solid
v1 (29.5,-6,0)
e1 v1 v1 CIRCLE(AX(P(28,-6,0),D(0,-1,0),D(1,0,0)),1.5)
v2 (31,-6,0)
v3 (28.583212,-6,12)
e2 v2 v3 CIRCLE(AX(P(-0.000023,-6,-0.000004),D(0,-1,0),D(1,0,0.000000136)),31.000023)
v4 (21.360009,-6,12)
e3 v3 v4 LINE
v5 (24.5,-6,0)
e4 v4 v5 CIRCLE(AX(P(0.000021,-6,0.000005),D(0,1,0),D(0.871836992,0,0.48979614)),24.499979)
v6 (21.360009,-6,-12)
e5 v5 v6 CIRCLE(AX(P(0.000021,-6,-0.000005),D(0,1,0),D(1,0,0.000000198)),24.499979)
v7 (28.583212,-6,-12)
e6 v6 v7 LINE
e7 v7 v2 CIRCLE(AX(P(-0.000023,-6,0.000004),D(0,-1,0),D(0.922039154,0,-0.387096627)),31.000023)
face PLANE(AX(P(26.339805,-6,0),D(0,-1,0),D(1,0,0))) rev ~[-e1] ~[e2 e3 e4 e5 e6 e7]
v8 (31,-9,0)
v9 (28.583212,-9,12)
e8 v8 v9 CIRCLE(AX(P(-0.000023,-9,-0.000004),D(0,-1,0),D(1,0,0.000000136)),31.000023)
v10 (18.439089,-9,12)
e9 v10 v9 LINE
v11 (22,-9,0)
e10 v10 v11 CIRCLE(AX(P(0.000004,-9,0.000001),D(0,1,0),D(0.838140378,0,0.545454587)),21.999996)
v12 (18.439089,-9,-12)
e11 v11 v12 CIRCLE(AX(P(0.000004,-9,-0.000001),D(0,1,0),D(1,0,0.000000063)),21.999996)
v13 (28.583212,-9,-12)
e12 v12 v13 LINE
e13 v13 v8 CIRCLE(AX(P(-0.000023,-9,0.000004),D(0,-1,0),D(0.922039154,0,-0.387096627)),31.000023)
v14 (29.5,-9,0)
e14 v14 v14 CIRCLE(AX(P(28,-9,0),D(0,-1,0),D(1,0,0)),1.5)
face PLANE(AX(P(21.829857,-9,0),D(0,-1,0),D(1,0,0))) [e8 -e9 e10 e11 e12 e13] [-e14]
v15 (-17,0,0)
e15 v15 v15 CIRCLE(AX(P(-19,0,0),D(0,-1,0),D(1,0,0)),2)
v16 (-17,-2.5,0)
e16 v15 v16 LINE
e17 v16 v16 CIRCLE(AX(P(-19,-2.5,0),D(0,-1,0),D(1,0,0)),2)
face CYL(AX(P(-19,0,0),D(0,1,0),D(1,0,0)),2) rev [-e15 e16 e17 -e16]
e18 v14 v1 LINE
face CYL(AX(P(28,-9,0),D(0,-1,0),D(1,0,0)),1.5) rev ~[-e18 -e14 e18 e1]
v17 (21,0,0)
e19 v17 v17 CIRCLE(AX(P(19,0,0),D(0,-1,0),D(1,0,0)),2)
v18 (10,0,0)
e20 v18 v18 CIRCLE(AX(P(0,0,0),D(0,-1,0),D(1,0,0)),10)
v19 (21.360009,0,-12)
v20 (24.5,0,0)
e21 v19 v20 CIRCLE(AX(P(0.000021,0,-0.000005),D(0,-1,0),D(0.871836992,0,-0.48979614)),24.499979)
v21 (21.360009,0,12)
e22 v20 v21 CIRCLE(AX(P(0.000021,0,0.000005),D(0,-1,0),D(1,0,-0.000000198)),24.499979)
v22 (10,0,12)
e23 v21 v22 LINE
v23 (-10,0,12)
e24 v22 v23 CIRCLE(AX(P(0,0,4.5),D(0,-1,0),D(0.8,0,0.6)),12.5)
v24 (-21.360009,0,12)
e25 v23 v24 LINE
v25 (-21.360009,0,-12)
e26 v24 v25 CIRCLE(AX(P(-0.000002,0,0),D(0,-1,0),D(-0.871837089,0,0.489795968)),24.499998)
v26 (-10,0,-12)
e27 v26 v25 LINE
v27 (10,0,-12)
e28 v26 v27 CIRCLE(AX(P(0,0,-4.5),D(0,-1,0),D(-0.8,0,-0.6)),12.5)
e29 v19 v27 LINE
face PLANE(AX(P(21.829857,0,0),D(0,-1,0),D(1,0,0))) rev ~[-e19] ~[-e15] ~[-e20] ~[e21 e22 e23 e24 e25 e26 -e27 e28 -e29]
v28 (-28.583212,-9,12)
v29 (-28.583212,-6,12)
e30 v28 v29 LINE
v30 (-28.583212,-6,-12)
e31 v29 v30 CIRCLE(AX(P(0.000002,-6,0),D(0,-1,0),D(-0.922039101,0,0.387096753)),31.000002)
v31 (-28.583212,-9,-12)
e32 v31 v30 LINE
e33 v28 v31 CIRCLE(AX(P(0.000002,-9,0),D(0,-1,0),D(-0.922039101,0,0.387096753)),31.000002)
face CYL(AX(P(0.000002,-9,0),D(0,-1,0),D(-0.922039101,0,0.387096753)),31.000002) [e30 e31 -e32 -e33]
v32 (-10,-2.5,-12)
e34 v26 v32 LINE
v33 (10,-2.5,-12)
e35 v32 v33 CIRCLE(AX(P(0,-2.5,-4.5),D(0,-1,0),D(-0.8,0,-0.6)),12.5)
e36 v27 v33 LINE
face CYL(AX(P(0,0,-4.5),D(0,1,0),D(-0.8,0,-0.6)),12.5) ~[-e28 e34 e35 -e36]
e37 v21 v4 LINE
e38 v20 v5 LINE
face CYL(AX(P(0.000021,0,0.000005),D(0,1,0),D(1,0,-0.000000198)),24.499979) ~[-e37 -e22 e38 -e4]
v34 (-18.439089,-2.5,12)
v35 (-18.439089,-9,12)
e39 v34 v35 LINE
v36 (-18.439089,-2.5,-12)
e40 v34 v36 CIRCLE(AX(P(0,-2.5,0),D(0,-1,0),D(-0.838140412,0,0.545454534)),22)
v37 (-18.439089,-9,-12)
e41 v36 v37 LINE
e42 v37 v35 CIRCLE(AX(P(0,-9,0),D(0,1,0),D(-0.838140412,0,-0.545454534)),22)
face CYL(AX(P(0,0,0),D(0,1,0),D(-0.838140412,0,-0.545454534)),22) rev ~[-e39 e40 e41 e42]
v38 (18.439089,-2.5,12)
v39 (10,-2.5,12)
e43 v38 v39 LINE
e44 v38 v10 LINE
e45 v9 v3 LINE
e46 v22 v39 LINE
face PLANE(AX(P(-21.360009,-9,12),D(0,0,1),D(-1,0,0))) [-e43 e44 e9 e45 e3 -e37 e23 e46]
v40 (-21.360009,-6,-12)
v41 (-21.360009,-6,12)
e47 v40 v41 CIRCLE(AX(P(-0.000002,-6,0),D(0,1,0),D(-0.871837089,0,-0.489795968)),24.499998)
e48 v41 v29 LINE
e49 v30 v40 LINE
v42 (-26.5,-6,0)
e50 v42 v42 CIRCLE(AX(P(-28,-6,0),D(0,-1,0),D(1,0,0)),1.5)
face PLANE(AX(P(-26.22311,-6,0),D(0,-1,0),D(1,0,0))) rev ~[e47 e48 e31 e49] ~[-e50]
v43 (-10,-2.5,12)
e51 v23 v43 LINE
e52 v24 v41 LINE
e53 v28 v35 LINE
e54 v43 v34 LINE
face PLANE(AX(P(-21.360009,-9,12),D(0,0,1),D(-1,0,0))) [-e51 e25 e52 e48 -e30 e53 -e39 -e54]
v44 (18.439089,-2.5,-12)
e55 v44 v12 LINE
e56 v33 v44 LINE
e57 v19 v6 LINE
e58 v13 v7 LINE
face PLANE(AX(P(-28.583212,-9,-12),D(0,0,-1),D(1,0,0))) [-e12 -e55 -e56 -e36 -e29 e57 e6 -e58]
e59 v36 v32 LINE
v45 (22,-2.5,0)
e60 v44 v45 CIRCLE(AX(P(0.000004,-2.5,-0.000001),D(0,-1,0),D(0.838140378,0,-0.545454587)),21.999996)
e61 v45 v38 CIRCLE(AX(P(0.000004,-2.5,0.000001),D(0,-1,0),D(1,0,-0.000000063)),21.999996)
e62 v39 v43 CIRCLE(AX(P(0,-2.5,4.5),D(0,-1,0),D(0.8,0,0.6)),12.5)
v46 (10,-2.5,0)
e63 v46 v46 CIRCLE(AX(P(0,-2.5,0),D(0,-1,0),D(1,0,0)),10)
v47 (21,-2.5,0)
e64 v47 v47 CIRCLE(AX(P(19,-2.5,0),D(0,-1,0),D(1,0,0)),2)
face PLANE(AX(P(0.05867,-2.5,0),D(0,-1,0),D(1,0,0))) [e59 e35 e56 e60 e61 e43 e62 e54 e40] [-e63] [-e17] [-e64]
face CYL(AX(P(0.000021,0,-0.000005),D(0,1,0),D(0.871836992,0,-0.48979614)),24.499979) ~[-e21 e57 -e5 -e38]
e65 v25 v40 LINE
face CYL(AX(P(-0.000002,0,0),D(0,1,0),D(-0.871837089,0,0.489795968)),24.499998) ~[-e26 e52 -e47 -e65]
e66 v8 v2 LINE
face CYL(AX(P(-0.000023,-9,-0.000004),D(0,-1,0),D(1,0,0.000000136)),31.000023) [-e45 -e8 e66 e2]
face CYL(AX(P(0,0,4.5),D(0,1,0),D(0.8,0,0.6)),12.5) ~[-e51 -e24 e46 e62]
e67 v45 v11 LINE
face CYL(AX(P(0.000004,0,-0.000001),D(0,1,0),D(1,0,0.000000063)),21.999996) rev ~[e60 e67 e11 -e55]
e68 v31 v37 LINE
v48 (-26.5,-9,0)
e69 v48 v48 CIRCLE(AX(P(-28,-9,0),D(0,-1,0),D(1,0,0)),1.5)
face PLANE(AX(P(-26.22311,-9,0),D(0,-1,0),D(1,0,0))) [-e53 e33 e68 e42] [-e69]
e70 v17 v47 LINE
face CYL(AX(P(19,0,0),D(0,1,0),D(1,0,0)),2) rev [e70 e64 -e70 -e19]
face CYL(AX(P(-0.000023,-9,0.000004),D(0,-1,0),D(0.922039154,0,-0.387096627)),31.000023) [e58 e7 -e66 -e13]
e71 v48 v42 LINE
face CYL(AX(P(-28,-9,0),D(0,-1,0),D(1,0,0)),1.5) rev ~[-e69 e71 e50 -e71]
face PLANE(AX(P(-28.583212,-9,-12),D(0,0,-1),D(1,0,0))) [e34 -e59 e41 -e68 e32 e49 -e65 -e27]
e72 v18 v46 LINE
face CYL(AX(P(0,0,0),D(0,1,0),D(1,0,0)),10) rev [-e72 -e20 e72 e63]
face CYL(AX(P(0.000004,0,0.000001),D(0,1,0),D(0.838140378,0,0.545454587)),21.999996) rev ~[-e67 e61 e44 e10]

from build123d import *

# Parameters (mm, degrees)
F0_R     = 2
F0_R_2   = 10
F1_DEPTH = 2.5
F2_DEPTH = 9
F3_R     = 1.5
F4_DEPTH = 3
F5_DEPTH = 2.5


with BuildPart() as f1:
    # F0 (on Front) → F1 (new body)
    with BuildSketch(Plane.XZ):
        with BuildLine():
            ThreePointArc((22, 0), (21.090993, 6.258596), (18.439089, 12))
            Line((18.439089, 12), (10, 12))
            Line((10, 12), (-10, 12))
            Line((-10, 12), (-18.439089, 12))
            ThreePointArc((-18.439089, 12), (-22, 0), (-18.439089, -12))
            Line((-18.439089, -12), (-10, -12))
            Line((-10, -12), (10, -12))
            Line((10, -12), (18.439089, -12))
            ThreePointArc((18.439089, -12), (21.090993, -6.258596), (22, 0))
        make_face()
        with Locations((-19, 0)):
            Circle(F0_R, mode=Mode.SUBTRACT)
        Circle(F0_R_2, mode=Mode.SUBTRACT)
        with Locations((19, 0)):
            Circle(F0_R, mode=Mode.SUBTRACT)
    extrude(amount=F1_DEPTH)

    # F0 (on Front) → F2 (join)
    with BuildSketch(Plane.XZ):
        with BuildLine():
            ThreePointArc((24.5, 0), (23.702007, 6.202007), (21.360009, 12))
            Line((21.360009, 12), (18.439089, 12))
            ThreePointArc((18.439089, 12), (21.090993, 6.258596), (22, 0))
            ThreePointArc((22, 0), (21.090993, -6.258596), (18.439089, -12))
            Line((18.439089, -12), (21.360009, -12))
            ThreePointArc((21.360009, -12), (23.702007, -6.202007), (24.5, 0))
        make_face()
        with BuildLine():
            Line((-18.439089, 12), (-21.360009, 12))
            ThreePointArc((-21.360009, 12), (-24.5, 0), (-21.360009, -12))
            Line((-21.360009, -12), (-18.439089, -12))
            ThreePointArc((-18.439089, -12), (-22, 0), (-18.439089, 12))
        make_face()
    extrude(amount=F2_DEPTH)

    # F3 (on face) → F4 (join)
    with BuildSketch(Plane.XZ.offset(9)):
        with BuildLine():
            Line((-21.360009, 12), (-28.583212, 12))
            ThreePointArc((-28.583212, 12), (-31, 0), (-28.583212, -12))
            Line((-28.583212, -12), (-21.360009, -12))
            ThreePointArc((-21.360009, -12), (-24.5, 0), (-21.360009, 12))
        make_face()
        with Locations((-28, 0)):
            Circle(F3_R, mode=Mode.SUBTRACT)
        with BuildLine():
            ThreePointArc((28.583212, -12), (30.389797, -6.120475), (31, 0))
            ThreePointArc((31, 0), (30.389797, 6.120475), (28.583212, 12))
            Line((28.583212, 12), (21.360009, 12))
            ThreePointArc((21.360009, 12), (23.702007, 6.202007), (24.5, 0))
            ThreePointArc((24.5, 0), (23.702007, -6.202007), (21.360009, -12))
            Line((21.360009, -12), (28.583212, -12))
        make_face()
        with Locations((28, 0)):
            Circle(F3_R, mode=Mode.SUBTRACT)
    extrude(amount=-F4_DEPTH)

    # F0 (on Front) → F5 (join)
    with BuildSketch(Plane.XZ):
        with BuildLine():
            Line((-10, 12), (10, 12))
            ThreePointArc((10, 12), (0, 17), (-10, 12))
        make_face()
        with BuildLine():
            ThreePointArc((-10, -12), (0, -17), (10, -12))
            Line((10, -12), (-10, -12))
        make_face()
    extrude(amount=F5_DEPTH)


solid = f1.part
